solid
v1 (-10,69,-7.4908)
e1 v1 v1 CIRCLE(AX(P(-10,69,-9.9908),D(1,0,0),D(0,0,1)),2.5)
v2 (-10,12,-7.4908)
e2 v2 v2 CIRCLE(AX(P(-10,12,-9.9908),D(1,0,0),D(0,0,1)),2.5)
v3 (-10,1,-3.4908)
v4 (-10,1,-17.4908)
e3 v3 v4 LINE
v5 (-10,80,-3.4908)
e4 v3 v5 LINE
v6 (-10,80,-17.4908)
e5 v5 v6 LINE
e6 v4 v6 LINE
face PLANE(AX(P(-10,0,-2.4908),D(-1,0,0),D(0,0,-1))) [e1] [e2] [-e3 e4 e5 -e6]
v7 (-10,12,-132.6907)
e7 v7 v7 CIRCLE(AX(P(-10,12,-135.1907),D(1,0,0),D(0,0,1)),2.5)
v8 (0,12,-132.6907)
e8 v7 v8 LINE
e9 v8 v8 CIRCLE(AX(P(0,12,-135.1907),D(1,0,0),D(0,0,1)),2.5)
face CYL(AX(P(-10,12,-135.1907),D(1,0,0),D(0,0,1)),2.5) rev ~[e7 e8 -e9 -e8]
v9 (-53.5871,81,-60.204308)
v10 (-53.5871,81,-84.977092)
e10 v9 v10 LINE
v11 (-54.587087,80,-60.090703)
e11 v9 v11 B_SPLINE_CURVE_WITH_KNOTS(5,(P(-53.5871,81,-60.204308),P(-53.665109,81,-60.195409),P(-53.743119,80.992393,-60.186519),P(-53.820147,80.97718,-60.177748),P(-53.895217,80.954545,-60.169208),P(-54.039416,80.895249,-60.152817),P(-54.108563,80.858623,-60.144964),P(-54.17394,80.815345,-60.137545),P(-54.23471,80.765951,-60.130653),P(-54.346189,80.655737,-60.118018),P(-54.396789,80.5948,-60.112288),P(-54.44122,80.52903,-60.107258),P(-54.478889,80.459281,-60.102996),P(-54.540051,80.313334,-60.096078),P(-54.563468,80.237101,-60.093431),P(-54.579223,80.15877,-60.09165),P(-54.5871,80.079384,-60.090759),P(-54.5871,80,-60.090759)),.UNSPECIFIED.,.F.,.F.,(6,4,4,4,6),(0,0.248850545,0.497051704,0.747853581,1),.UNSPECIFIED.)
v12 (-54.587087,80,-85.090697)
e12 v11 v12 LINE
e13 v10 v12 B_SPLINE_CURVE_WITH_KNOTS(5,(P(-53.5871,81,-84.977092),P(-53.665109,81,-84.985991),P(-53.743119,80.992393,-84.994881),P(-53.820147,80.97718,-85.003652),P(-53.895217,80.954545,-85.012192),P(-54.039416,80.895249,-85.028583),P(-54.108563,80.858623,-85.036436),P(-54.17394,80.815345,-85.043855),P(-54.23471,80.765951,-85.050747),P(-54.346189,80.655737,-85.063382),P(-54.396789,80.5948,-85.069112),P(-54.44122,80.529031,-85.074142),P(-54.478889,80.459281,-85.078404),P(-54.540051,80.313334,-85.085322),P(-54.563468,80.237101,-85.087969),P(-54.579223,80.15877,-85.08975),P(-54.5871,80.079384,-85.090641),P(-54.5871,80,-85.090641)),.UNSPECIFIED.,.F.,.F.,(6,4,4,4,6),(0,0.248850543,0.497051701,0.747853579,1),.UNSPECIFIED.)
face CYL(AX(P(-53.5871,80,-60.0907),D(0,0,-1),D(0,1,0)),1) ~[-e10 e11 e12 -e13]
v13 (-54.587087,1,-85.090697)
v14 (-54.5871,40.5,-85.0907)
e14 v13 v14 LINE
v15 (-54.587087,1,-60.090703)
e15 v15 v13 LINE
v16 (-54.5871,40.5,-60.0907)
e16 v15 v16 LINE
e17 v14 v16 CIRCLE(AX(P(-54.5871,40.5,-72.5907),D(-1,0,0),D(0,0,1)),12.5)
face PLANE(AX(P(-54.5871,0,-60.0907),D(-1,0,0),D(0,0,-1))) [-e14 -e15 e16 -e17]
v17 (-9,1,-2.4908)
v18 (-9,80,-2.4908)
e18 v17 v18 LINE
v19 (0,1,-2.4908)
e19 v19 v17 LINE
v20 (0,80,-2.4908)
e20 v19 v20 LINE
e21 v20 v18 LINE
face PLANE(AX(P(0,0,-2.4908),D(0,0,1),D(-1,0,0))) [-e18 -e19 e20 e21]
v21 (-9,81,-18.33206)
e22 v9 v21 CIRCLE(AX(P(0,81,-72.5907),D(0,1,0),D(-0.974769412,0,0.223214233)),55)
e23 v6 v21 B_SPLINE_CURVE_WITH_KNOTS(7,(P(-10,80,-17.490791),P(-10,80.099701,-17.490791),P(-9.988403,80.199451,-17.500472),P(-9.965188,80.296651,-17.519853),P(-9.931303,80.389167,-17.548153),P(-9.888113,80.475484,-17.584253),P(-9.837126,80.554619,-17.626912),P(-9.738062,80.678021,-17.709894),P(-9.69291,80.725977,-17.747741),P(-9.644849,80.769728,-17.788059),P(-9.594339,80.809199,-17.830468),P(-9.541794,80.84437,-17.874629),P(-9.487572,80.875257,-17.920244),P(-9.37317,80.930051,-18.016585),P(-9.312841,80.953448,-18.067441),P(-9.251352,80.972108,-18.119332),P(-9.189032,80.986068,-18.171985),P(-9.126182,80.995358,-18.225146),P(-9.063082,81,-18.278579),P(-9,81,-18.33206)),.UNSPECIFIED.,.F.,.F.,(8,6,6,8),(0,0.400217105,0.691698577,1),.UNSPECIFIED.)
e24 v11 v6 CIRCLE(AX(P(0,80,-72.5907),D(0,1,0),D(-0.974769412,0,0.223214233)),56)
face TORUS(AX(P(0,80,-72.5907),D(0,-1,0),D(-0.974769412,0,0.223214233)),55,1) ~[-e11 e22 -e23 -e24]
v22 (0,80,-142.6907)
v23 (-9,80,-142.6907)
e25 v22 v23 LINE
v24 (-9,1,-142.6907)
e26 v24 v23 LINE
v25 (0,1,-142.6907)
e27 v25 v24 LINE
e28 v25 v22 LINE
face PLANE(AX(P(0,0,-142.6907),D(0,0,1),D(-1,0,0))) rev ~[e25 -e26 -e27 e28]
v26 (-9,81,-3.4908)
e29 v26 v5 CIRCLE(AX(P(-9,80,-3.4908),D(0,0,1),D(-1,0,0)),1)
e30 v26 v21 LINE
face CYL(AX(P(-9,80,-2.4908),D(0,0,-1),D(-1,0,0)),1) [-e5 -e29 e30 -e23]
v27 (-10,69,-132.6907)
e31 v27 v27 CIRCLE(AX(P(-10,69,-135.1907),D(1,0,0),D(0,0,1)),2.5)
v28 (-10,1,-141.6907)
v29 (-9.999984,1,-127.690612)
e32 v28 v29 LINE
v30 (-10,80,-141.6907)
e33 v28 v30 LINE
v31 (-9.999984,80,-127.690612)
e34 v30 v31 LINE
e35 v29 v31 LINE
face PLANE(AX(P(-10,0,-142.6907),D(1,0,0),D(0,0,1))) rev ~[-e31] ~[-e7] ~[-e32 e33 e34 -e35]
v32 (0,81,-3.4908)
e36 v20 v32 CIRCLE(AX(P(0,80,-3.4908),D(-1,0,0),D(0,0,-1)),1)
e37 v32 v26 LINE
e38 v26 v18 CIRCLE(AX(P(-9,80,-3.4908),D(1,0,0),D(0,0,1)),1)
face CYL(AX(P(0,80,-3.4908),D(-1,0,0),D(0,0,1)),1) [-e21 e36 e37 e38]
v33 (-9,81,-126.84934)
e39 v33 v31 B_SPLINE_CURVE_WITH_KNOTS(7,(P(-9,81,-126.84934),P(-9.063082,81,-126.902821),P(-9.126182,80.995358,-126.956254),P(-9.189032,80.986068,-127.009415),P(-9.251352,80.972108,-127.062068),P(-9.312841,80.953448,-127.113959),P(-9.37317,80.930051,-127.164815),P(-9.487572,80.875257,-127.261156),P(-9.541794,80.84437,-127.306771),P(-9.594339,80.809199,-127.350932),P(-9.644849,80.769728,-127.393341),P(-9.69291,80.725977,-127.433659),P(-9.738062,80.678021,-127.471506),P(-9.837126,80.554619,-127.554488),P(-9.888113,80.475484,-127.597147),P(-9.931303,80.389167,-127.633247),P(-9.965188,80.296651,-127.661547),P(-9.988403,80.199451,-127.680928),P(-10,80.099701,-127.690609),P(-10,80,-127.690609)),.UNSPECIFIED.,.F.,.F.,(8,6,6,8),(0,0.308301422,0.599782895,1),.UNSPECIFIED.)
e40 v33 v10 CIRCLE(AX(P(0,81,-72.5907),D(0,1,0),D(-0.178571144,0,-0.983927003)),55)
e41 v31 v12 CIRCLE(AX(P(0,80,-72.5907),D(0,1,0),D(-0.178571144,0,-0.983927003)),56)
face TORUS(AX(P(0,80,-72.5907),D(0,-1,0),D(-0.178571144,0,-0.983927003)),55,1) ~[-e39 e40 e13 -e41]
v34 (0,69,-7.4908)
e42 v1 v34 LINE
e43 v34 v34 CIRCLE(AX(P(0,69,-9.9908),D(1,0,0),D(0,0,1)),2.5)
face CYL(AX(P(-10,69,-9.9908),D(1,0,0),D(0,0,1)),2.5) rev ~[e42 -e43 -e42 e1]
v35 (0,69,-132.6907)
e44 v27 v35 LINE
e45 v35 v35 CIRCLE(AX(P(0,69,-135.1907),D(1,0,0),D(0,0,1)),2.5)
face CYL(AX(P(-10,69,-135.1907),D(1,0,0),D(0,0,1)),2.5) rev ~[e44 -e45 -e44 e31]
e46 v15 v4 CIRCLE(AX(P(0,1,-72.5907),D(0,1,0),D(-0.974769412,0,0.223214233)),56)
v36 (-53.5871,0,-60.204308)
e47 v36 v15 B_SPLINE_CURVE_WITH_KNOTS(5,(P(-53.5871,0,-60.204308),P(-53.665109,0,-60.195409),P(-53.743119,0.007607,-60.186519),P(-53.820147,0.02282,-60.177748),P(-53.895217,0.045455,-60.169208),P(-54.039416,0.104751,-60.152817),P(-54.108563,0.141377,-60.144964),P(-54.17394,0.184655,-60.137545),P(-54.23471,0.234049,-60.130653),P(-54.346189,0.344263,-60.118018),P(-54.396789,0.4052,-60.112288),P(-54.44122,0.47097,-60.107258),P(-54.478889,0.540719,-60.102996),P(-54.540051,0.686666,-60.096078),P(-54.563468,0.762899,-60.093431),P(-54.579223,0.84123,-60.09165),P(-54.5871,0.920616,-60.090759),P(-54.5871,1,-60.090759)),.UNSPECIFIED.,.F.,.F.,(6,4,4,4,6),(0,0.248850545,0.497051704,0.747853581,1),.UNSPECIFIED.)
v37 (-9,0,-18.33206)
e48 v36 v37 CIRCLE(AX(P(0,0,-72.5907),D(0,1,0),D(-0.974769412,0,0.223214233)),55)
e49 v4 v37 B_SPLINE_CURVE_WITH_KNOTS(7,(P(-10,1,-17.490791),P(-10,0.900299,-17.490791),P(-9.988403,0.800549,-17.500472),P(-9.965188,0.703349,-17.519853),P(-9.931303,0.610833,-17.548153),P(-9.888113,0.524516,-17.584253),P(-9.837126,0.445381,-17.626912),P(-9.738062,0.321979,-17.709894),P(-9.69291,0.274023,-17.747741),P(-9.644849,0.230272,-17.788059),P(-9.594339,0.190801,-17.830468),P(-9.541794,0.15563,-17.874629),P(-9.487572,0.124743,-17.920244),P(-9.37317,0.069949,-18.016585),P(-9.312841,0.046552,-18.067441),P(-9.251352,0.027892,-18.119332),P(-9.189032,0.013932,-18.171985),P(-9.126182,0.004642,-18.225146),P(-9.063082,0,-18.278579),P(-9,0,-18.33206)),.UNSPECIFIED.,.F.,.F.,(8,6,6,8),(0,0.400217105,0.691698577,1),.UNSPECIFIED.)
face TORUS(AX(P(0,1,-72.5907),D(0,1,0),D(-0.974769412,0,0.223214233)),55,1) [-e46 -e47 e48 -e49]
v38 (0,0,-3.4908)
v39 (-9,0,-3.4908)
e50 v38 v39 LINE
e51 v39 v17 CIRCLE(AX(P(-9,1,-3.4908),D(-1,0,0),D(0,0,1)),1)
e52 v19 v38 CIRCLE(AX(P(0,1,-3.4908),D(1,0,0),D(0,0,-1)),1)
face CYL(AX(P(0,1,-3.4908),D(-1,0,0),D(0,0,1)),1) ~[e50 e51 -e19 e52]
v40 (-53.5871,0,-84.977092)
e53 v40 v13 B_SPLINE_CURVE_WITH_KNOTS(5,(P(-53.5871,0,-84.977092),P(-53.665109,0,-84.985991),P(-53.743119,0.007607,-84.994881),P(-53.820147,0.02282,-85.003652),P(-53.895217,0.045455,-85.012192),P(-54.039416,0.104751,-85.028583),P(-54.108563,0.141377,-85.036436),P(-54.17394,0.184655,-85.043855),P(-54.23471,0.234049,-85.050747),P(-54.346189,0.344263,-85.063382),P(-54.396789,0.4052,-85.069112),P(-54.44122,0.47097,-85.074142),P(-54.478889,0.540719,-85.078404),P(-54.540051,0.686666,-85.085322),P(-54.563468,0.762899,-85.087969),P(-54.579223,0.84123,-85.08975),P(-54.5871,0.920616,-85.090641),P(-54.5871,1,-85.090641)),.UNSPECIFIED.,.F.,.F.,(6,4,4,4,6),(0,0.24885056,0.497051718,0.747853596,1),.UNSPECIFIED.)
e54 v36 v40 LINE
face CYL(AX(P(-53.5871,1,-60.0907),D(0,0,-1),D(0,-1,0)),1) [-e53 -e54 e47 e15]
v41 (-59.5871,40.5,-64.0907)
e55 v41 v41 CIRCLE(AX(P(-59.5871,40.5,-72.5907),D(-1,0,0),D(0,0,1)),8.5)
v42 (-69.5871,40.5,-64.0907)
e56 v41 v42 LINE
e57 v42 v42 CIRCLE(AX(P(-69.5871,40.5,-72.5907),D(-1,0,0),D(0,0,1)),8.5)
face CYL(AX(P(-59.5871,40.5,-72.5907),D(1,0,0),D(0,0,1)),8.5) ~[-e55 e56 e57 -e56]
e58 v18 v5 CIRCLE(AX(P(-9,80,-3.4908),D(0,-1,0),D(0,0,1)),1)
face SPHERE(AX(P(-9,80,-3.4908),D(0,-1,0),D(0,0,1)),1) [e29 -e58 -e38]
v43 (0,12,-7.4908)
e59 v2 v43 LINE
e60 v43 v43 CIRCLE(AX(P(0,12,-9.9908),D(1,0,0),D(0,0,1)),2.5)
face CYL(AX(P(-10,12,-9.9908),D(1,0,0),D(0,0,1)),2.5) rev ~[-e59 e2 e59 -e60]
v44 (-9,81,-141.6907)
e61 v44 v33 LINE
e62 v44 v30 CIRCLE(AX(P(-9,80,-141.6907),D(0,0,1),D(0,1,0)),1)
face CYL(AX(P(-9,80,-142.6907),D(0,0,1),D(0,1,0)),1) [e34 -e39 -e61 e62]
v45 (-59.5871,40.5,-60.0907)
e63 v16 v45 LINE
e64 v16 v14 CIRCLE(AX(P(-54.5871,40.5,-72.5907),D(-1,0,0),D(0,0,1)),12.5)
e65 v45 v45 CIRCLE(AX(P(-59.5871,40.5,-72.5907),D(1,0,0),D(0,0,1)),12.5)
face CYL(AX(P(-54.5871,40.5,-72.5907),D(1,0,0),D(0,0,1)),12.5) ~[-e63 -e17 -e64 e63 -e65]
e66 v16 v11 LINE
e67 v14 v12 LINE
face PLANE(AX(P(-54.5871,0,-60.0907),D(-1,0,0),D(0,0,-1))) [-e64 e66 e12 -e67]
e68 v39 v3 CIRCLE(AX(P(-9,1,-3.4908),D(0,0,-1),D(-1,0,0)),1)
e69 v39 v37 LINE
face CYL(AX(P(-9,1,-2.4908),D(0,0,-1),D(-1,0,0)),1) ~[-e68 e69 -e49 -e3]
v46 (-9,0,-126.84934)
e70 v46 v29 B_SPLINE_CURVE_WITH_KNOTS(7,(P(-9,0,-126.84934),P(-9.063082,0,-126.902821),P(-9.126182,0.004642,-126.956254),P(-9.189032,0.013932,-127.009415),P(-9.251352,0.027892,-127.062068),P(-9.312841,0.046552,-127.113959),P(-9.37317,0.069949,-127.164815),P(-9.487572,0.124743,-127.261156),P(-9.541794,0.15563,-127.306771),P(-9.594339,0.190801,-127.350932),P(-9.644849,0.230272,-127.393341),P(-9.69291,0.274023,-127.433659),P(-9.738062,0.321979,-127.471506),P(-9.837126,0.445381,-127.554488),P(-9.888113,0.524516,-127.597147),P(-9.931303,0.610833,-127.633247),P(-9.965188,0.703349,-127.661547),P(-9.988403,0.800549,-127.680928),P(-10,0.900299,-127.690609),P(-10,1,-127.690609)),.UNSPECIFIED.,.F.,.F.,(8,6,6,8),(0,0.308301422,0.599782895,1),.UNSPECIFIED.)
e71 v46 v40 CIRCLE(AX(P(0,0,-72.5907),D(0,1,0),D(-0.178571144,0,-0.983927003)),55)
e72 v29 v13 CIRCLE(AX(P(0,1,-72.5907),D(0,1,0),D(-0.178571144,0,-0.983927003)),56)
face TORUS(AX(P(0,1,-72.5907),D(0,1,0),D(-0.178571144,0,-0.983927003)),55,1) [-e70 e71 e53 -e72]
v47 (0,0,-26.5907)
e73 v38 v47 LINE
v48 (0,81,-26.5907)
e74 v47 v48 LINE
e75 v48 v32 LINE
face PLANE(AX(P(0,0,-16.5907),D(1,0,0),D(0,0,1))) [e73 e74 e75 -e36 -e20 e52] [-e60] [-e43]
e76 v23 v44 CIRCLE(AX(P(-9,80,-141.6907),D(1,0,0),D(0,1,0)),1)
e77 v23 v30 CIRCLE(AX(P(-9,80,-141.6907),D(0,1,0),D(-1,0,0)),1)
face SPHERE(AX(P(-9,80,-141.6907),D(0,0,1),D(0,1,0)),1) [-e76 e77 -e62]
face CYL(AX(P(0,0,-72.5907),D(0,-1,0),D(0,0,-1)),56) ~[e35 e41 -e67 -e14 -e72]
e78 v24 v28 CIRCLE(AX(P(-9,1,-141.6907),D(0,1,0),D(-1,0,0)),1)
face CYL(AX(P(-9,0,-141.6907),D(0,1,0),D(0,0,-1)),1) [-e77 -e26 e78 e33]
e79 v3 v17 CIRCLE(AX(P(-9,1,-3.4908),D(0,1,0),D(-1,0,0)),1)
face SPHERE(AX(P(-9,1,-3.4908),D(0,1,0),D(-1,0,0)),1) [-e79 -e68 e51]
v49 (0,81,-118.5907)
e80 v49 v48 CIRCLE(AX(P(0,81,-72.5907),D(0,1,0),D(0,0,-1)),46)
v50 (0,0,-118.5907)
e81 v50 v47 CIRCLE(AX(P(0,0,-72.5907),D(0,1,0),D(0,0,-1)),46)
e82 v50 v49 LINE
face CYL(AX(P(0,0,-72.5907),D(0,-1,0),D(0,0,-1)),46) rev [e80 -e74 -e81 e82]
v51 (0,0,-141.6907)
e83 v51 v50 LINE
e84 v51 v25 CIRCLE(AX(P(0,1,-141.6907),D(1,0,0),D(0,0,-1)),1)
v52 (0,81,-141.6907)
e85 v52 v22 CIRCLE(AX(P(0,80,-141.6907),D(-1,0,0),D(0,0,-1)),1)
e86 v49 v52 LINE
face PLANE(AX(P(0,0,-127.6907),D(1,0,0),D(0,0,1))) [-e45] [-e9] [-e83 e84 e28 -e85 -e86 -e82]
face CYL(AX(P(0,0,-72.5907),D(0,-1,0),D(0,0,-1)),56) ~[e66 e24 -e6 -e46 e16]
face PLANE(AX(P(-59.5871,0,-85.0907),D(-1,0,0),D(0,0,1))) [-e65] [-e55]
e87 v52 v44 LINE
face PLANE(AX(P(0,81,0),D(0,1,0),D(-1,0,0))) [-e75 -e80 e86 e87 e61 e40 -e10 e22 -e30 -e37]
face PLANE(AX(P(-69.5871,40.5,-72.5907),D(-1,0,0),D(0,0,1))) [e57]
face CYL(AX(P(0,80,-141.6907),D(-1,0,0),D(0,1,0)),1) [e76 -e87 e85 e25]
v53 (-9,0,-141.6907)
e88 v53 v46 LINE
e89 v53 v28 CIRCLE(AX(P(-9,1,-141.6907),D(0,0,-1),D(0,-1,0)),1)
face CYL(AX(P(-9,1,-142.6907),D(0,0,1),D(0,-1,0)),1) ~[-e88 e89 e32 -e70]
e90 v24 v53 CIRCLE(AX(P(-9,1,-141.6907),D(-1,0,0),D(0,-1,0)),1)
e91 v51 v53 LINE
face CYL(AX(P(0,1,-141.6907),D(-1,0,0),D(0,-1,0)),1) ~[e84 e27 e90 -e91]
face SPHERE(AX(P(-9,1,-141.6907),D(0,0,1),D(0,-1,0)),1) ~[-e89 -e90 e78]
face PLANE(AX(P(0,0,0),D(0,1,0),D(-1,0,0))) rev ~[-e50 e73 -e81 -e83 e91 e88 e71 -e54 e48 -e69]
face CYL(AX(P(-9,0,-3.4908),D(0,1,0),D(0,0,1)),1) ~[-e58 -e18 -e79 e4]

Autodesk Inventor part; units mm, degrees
ref_plane "YZ Plane" through (0, 0, 0) normal (1, 0, 0) x (0, 1, 0)
ref_plane "XZ Plane" through (0, 0, 0) normal (0, 1, 0) x (-1, 0, 0)
ref_plane "XY Plane" through (0, 0, 0) normal (0, 0, 1) x (1, 0, 0)
sketch "スケッチ1" plane through (0, 0, 0) normal (0, 1, 0) x (-1, 0, 0)
  line L0 (0, 0) -> (70, 0)
  line L1 (70, 0) -> (70, -170)
  line L2 (70, -170) -> (0, -170)
  line L3 (0, -170) -> (0, 0)
  arc A0 (0, -118.5907) -> (0, -26.5907) centre (0, -72.5907) ccw
  arc A1 (0, -128.5907) -> (0, -16.5907) centre (0, -72.5907) ccw
  line L4 (10, -17.4908) -> (0, -17.4908)
  line L5 (0, -17.4908) -> (0, -2.4908)
  line L6 (0, -2.4908) -> (10, -2.4908)
  line L7 (10, -2.4908) -> (10, -17.4908)
  line L8 (10, -127.6907) -> (0, -127.6907)
  line L9 (0, -127.6907) -> (0, -142.6907)
  line L10 (0, -142.6907) -> (10, -142.6907)
  line L11 (10, -142.6907) -> (10, -127.6907)
  line L12 (54.5871, -60.0907) -> (54.5871, -85.0907)
  point P0 (0, -17.4908)
  dimension "d0" = 70
  dimension "d1" = 170
  dimension "d2" = 46
  dimension "d3" = 56
  dimension "d4" = 10
  dimension "d5" = 10
  dimension "d6" = 15
  dimension "d7" = 15
  dimension "d8" = 25
extrude "押し出し1" add sketch "スケッチ1" along normal blind 81 contours L6 L7 A1 L3 | A1 L4 L3 | L4 A1 L12 L8 L3 A0 | L3 A1 L11 L10 | L3 L8 A1
ref_plane "作業平面1" through (-54.5871, 0, -85.0907) normal (-1, 0, 0) x (0, 0, 1)
sketch "スケッチ2" plane through (-54.5871, 0, -85.0907) normal (-1, 0, 0) x (0, 0, 1)
  line L0 (-33.5, 81) -> (58.5, 81) projected
  line L1 (25, 0) -> (25, 81) projected
  circle A0 centre (12.5, 40.5) radius 12.5
  line L2 (0, 0) -> (0, 81) projected
  line L3 (0, 0) -> (25, 0) projected
  line L4 (-57.5999, 0) -> (-57.5999, 81) projected
  line L5 (82.5999, 0) -> (82.5999, 81) projected
  point P0 (85.0907, 0)
  point P1 (12.5, 0)
  point P2 (-57.5999, 40.5)
  point P3 (82.5999, 40.5)
  dimension "d12" = 25
  dimension "d40" = 70.0999
  dimension "d41" = 70.0999
extrude "押し出し2" add sketch "スケッチ2" along normal blind 5 contours A0
ref_plane "作業平面2" through (-59.5871, 40.5, -72.5907) normal (-1, 0, 0) x (0, 0, 1)
ref_plane "作業平面3" through (-10, 0, -142.6907) normal (-1, 0, 0) x (0, 0, 1)
sketch "スケッチ4" plane through (-10, 0, -142.6907) normal (-1, 0, 0) x (0, 0, 1)
  line L0 (0, 81) -> (15, 81) projected
  line L1 (0, 0) -> (15, 0) projected
  line L2 (125.1998, 0) -> (140.1998, 0) projected
  line L3 (125.1998, 81) -> (140.1998, 81) projected
  point P0 (142.6907, 0)
  point P1 (7.5, 69)
  point P2 (7.5, 12)
  point P3 (132.6998, 12)
  point P4 (132.6998, 69)
  point P5 (7.5, 81)
  point P6 (7.5, 0)
  point P7 (132.6998, 0)
  point P8 (132.6998, 81)
  dimension "d20" = 0
  dimension "d21" = 12
  dimension "d22" = 0
  dimension "d23" = 12
  dimension "d24" = 0
  dimension "d25" = 12
  dimension "d26" = 0
  dimension "d27" = 12
hole "穴1" at (-10, 69, -135.1907) at (-10, 12, -135.1907) at (-10, 12, -9.9908) at (-10, 69, -9.9908) direction (1, 0, 0) diameter 5 end through all
fillet "フィレット1" radius 1 16 edges at (-10, 40.5, -2.4908) (-5, 81, -2.4908) (-10, 81, -9.9908) (-38.6854, 81, -32.1008) (-38.6854, 81, -113.0807) (-10, 81, -135.1907) (-5, 81, -142.6907) (-10, 0, -9.9908) (-38.6854, 0, -32.1008) (-5, 0, -2.4908) (-38.6854, 0, -113.0807) (-54.5871, 0, -72.5907) (-10, 0, -135.1907) (-5, 0, -142.6907) (-10, 40.5, -142.6907) (-54.5871, 81, -72.5907)
sketch "スケッチ8" plane through (-59.5871, 40.5, -72.5907) normal (-1, 0, 0) x (0, 0, 1)
  circle A0 centre (0, 0) radius 8.5
  point P0 (72.5907, -40.5)
  dimension "d46" = 17
extrude "押し出し4" add sketch "スケッチ8" along normal blind 10
sketch "スケッチ9" plane through (-69.5871, 40.5, -72.5907) normal (-1, 0, 0) x (0, 0, 1)
  circle A0 centre (0, 0) radius 8.5 projected
  line L0 (-70.0999, 39.5) -> (-70.0999, -39.5) projected
  line L1 (12.3865, 40.5) -> (-12.3865, 40.5) projected
  line L2 (70.0999, -39.5) -> (70.0999, 39.5) projected
  point P0 (72.5907, -40.5)
  dimension "d49" = 70.0999
  dimension "d50" = 40.5
  dimension "d51" = 70.0999
properties part number "motor_mount2_3D プリント"
